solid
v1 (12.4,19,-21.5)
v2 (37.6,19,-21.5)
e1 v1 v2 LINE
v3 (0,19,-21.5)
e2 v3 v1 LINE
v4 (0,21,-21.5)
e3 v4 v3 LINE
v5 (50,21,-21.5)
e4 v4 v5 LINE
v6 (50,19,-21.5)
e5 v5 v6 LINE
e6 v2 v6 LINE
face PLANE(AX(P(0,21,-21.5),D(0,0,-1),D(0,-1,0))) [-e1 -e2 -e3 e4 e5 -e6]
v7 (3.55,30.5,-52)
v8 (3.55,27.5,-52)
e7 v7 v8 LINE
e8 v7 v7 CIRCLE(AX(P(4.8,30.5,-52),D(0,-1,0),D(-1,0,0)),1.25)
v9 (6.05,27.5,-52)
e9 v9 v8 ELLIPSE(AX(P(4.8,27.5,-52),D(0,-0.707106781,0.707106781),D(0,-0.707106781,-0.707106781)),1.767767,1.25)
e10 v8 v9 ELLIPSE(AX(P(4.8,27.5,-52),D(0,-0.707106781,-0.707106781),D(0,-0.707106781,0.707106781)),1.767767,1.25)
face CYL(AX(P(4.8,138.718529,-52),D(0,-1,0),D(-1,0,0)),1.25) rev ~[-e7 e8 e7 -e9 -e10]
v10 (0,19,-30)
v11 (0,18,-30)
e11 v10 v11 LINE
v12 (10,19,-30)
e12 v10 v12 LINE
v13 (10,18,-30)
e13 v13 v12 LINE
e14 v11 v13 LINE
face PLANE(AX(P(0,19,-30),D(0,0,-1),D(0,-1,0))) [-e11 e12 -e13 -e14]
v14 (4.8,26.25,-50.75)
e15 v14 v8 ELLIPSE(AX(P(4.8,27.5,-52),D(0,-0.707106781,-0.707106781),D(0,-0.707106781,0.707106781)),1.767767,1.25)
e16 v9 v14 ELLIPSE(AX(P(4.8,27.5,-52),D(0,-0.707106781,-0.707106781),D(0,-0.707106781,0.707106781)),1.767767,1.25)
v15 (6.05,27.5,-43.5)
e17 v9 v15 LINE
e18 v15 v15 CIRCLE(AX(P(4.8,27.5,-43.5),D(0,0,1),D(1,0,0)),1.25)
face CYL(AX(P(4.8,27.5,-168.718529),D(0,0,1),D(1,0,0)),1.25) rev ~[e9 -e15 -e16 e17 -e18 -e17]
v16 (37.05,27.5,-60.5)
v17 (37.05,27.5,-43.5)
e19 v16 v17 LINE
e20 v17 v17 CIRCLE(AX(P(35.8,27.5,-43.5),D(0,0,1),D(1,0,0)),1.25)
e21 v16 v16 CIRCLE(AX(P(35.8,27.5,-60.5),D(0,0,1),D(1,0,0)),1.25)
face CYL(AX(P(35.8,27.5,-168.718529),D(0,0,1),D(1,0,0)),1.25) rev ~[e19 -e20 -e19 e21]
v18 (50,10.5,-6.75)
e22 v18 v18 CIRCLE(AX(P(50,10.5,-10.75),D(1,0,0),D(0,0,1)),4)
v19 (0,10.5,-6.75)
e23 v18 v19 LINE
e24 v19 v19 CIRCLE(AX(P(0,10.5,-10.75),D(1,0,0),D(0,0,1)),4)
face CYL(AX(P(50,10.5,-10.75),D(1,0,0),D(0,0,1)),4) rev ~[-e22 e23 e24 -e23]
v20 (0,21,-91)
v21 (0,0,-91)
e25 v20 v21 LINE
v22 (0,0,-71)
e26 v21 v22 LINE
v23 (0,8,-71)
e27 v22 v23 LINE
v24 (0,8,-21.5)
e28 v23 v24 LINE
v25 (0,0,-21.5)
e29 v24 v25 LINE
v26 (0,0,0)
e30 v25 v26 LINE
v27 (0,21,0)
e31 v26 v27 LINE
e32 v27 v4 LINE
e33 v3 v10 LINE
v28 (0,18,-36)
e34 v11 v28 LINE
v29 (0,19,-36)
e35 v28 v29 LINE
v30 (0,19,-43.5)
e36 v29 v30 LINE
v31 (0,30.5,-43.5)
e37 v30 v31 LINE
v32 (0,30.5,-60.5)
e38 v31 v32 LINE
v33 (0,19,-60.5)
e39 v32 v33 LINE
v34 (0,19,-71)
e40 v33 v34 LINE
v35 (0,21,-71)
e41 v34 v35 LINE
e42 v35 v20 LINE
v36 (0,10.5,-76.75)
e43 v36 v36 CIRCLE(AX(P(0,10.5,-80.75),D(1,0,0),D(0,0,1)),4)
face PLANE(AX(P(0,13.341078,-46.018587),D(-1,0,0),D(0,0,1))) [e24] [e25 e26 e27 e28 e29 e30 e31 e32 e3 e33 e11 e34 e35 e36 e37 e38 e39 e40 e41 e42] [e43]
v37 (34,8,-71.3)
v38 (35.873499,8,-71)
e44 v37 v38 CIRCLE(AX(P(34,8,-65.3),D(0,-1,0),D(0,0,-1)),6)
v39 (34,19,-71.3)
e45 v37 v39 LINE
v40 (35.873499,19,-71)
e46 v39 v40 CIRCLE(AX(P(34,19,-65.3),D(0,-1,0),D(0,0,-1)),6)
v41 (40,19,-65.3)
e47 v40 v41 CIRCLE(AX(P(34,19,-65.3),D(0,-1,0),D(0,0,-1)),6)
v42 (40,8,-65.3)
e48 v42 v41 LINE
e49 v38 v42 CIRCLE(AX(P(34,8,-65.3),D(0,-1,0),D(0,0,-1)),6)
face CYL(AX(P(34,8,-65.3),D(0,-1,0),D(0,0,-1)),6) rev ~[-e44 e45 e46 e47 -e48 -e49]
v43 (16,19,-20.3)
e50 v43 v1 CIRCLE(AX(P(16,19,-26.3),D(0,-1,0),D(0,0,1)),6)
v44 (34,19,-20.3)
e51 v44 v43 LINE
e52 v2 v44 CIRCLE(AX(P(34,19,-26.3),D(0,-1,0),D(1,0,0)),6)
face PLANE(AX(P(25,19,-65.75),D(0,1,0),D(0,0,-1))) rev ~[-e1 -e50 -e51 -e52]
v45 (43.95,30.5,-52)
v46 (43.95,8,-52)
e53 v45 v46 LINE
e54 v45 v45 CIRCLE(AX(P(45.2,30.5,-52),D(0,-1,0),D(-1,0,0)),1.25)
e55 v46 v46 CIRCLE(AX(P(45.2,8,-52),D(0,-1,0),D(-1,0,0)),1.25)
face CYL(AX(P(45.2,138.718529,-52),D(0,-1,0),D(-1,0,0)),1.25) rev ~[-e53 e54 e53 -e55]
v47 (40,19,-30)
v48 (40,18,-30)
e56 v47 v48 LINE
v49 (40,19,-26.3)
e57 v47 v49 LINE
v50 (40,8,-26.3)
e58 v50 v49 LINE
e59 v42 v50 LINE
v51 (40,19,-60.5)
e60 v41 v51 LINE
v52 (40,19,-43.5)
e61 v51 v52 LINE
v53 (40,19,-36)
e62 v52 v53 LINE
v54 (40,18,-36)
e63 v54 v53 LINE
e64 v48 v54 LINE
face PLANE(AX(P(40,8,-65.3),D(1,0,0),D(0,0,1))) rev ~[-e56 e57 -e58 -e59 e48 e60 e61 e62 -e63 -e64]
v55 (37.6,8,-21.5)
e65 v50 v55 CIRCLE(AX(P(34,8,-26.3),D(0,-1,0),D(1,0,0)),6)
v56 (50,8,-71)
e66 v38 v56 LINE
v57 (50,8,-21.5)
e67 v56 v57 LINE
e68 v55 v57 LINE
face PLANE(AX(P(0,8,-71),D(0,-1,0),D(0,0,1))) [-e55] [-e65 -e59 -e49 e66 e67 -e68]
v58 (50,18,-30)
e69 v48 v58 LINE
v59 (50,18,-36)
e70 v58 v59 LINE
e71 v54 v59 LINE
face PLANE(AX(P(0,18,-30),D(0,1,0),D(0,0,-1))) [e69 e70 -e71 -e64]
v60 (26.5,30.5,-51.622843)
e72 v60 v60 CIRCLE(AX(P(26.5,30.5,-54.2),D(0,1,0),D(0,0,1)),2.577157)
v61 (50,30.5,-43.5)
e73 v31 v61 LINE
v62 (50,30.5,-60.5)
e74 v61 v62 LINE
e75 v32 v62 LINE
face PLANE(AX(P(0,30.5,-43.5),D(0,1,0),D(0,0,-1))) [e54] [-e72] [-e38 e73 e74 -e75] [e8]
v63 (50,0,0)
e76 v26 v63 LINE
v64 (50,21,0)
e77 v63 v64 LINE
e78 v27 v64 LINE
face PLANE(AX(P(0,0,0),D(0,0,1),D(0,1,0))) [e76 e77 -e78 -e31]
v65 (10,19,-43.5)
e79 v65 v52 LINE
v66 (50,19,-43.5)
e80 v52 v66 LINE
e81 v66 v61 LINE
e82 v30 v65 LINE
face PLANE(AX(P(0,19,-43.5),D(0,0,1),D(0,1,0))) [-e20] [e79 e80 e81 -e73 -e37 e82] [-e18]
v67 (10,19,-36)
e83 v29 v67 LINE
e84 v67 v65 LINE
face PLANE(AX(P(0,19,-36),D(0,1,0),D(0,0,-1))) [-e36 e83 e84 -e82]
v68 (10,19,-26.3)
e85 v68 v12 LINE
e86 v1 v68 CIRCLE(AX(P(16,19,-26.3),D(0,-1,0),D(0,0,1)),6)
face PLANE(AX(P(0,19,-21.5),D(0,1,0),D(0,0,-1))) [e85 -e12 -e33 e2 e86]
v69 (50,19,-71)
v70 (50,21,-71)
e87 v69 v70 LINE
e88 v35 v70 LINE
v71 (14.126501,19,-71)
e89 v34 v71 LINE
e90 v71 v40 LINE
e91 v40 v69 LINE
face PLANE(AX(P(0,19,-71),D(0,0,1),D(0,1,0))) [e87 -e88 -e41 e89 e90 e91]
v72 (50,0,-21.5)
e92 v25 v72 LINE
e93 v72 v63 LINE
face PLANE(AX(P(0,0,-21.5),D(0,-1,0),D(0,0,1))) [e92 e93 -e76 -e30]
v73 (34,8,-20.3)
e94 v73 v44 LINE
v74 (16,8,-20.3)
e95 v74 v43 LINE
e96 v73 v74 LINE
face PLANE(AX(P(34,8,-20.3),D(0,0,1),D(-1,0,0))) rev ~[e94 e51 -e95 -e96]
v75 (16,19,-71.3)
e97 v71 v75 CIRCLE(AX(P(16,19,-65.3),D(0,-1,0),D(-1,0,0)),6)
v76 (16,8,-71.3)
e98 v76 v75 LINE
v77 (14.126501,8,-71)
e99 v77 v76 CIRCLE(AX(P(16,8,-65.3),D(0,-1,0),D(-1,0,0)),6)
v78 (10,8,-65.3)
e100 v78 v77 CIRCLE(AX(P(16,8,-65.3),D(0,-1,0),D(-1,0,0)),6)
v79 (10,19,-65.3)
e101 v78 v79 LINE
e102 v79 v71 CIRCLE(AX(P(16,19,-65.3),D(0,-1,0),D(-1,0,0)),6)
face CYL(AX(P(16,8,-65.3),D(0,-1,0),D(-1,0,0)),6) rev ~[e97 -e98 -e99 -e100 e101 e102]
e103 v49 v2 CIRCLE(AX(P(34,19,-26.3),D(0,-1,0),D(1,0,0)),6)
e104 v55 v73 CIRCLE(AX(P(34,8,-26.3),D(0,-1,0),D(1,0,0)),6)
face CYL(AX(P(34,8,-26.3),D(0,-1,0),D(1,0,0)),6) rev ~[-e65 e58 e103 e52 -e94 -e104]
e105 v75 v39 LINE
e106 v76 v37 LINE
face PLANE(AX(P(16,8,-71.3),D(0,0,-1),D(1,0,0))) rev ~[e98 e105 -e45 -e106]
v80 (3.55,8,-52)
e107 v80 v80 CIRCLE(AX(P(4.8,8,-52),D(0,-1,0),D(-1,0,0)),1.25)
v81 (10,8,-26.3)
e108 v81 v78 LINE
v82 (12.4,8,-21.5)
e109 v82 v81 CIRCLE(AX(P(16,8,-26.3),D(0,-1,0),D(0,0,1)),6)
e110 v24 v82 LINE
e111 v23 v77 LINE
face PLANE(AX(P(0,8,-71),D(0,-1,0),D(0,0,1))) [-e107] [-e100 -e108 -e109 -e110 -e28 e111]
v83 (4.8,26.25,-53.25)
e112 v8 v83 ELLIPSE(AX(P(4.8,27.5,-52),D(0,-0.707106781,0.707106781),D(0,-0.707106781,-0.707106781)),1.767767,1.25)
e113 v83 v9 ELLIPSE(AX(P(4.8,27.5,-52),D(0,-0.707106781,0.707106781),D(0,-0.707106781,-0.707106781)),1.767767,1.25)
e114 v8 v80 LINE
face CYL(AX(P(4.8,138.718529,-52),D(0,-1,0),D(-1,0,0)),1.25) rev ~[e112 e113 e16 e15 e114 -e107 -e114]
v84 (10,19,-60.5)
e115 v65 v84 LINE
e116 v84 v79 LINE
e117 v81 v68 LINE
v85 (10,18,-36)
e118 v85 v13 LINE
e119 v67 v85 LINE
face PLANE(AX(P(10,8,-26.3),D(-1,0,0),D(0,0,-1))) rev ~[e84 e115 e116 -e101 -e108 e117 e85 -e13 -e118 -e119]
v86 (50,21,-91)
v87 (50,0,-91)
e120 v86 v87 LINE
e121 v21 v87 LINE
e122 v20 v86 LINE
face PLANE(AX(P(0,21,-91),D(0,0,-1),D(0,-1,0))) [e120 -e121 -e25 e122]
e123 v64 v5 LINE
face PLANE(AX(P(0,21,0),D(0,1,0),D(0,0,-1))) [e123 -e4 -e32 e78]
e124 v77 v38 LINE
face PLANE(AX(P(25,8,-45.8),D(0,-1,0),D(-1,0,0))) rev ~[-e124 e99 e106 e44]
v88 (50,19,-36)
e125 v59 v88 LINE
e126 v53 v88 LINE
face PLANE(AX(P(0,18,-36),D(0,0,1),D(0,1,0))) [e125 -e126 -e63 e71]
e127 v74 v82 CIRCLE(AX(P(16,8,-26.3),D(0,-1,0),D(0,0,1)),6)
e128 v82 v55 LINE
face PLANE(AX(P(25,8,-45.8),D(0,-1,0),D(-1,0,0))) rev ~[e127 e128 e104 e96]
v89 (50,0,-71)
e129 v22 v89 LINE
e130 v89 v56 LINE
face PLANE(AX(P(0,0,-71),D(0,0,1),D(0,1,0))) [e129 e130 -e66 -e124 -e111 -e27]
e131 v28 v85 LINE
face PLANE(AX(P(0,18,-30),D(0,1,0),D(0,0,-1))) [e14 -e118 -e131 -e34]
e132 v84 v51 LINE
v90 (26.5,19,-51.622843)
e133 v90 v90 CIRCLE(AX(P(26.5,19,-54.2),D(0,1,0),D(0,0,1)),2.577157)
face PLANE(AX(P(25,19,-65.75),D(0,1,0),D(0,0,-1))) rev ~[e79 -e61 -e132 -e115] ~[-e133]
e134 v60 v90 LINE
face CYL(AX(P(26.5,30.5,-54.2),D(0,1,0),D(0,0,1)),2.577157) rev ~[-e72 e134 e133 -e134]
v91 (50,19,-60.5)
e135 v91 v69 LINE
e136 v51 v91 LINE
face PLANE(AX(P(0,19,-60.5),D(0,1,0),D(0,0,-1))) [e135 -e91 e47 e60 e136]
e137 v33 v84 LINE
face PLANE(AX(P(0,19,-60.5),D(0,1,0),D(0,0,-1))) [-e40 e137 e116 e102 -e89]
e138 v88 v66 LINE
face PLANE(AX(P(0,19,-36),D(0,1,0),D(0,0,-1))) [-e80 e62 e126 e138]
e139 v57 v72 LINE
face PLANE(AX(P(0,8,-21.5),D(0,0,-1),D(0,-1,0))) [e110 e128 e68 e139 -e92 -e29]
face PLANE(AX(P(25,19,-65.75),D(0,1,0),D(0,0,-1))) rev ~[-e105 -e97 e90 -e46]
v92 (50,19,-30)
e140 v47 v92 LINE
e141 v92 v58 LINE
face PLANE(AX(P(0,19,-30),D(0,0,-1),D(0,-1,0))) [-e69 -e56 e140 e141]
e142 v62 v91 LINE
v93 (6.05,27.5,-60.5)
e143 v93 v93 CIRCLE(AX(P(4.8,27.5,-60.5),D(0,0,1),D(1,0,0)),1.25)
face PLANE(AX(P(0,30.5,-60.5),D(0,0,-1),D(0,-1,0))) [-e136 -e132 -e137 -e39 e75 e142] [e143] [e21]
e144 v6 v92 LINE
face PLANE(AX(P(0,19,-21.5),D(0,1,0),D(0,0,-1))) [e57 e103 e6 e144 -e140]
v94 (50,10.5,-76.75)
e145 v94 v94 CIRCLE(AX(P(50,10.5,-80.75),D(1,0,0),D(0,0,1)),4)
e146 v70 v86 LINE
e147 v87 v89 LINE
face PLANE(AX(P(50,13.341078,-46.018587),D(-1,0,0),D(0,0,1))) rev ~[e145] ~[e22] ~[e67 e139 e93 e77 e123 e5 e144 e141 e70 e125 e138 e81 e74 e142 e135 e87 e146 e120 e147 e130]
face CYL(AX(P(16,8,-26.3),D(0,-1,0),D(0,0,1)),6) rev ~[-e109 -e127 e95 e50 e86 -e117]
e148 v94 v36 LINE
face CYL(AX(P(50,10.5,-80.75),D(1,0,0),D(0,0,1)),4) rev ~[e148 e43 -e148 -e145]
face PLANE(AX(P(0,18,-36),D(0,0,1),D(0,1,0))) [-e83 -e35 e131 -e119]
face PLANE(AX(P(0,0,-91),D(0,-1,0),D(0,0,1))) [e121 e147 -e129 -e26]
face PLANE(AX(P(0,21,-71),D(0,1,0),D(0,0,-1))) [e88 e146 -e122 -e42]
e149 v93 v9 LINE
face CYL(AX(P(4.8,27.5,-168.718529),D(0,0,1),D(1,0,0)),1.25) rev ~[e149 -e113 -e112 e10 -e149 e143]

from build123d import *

# Parameters (mm, degrees)
BOSS_EXTRUDE1_DEPTH            = 50
CUT_EXTRUDE1_REACH             = 108.241
M3_TAPPED_HOLE1_D              = 2.5
M3_TAPPED_HOLE2_D              = 2.5
SKETCH7_R                      = 2.577157182
CUT_EXTRUDE2_DEPTH             = 109.218528913
CUT_EXTRUDE3_REACH             = 110.219
SKETCH8_R                      = 4
CUT_EXTRUDE3_DIRECTION_2_DEPTH = 109.218528913


with BuildPart() as part:
    # Sketch1 → Boss-Extrude1 (new body)
    with BuildSketch(Plane(origin=(0, 0, 0), x_dir=(0, 0, -1), z_dir=(1, 0, 0))):
        Polygon((0, 0), (0, 21), (21.5, 21), (21.5, 19), (30, 19), (30, 18), (36, 18), (36, 19), (43.5, 19), (43.5, 30.5), (60.5, 30.5), (60.5, 19), (71, 19), (71, 21), (91, 21), (91, 0), (71, 0), (71, 8), (21.5, 8), (21.5, 0), align=None)
    extrude(amount=BOSS_EXTRUDE1_DEPTH)

    # Cut-Extrude1: up to this face of the body (flat: up to its plane)
    cut_extrude1_end = Plane(part.part.faces().sort_by_distance((25, 19, -65.75))[0])
    # Sketch2 → Cut-Extrude1 (cut, up to the picked face)
    with BuildSketch(Plane(origin=(0, 8, 0), x_dir=(1, 0, 0), z_dir=(0, 1, 0)), mode=Mode.PRIVATE) as cut_extrude1_sk1:
        with BuildLine():
            Line((16, 71.3), (34, 71.3))
            ThreePointArc((34, 71.3), (38.242640687, 69.542640687), (40, 65.3))
            Line((40, 65.3), (40, 26.3))
            ThreePointArc((40, 26.3), (38.242640687, 22.057359313), (34, 20.3))
            Line((34, 20.3), (16, 20.3))
            ThreePointArc((16, 20.3), (11.757359313, 22.057359313), (10, 26.3))
            Line((10, 26.3), (10, 65.3))
            ThreePointArc((10, 65.3), (11.757359313, 69.542640687), (16, 71.3))
        make_face()
    cut_extrude1_tool1 = split(extrude(cut_extrude1_sk1.sketch, amount=CUT_EXTRUDE1_REACH, mode=Mode.PRIVATE), bisect_by=cut_extrude1_end, keep=Keep.BOTH, mode=Mode.PRIVATE)
    add(cut_extrude1_tool1.solids().sort_by(Axis((25, 8, -45.8), (0, 1, 0)))[0], mode=Mode.SUBTRACT)

    # M3 Tapped Hole1 (through all)
    with Locations(Plane(origin=(0, 30.5, 0), x_dir=(1, 0, 0), z_dir=(0, 1, 0))):
        with Locations((4.8, 52), (45.2, 52)):
            Hole(M3_TAPPED_HOLE1_D / 2)

    # M3 Tapped Hole2 (through all)
    with Locations(Plane(origin=(0, 0, -60.5), x_dir=(-1, 0, 0), z_dir=(0, 0, -1))):
        with Locations((-4.8, 27.5), (-35.8, 27.5)):
            Hole(M3_TAPPED_HOLE2_D / 2)

    # Sketch7 → Cut-Extrude2 (cut, through all)
    with BuildSketch(Plane(origin=(0, 30.5, 0), x_dir=(1, 0, 0), z_dir=(0, 1, 0))):
        with Locations(Location((26.5, 54.2, 0), (0, 0, 270))):
            Circle(SKETCH7_R)
    extrude(amount=-CUT_EXTRUDE2_DEPTH, mode=Mode.SUBTRACT)

    # Sketch8 → Cut-Extrude3 (cut, up to next)
    with BuildSketch(Plane(origin=(50, 0, 0), x_dir=(0, 0, -1), z_dir=(1, 0, 0)), mode=Mode.PRIVATE) as cut_extrude3_sk1:
        with Locations(Location((10.75, 10.5, 0), (0, 0, 180))):
            Circle(SKETCH8_R)
    cut_extrude3_tool1 = extrude(cut_extrude3_sk1.sketch, amount=-CUT_EXTRUDE3_REACH, mode=Mode.PRIVATE) & part.part
    # Sketch8 → Cut-Extrude3 (cut, up to next)
    with BuildSketch(Plane(origin=(50, 0, 0), x_dir=(0, 0, -1), z_dir=(1, 0, 0)), mode=Mode.PRIVATE) as cut_extrude3_sk2:
        with Locations(Location((80.75, 10.5, 0), (0, 0, 180))):
            Circle(SKETCH8_R)
    cut_extrude3_tool2 = extrude(cut_extrude3_sk2.sketch, amount=-CUT_EXTRUDE3_REACH, mode=Mode.PRIVATE) & part.part
    add(cut_extrude3_tool1.solids().sort_by_distance((50, 10.5, -10.75))[0], mode=Mode.SUBTRACT)
    add(cut_extrude3_tool2.solids().sort_by_distance((50, 10.5, -80.75))[0], mode=Mode.SUBTRACT)

    # Sketch8 → Cut-Extrude3 direction 2 (cut)
    with BuildSketch(Plane(origin=(50, 0, 0), x_dir=(0, 0, -1), z_dir=(1, 0, 0))):
        with Locations(Location((10.75, 10.5, 0), (0, 0, 180))):
            Circle(SKETCH8_R)
        with Locations(Location((80.75, 10.5, 0), (0, 0, 180))):
            Circle(SKETCH8_R)
    extrude(amount=CUT_EXTRUDE3_DIRECTION_2_DEPTH, mode=Mode.SUBTRACT)


solid = part.part
